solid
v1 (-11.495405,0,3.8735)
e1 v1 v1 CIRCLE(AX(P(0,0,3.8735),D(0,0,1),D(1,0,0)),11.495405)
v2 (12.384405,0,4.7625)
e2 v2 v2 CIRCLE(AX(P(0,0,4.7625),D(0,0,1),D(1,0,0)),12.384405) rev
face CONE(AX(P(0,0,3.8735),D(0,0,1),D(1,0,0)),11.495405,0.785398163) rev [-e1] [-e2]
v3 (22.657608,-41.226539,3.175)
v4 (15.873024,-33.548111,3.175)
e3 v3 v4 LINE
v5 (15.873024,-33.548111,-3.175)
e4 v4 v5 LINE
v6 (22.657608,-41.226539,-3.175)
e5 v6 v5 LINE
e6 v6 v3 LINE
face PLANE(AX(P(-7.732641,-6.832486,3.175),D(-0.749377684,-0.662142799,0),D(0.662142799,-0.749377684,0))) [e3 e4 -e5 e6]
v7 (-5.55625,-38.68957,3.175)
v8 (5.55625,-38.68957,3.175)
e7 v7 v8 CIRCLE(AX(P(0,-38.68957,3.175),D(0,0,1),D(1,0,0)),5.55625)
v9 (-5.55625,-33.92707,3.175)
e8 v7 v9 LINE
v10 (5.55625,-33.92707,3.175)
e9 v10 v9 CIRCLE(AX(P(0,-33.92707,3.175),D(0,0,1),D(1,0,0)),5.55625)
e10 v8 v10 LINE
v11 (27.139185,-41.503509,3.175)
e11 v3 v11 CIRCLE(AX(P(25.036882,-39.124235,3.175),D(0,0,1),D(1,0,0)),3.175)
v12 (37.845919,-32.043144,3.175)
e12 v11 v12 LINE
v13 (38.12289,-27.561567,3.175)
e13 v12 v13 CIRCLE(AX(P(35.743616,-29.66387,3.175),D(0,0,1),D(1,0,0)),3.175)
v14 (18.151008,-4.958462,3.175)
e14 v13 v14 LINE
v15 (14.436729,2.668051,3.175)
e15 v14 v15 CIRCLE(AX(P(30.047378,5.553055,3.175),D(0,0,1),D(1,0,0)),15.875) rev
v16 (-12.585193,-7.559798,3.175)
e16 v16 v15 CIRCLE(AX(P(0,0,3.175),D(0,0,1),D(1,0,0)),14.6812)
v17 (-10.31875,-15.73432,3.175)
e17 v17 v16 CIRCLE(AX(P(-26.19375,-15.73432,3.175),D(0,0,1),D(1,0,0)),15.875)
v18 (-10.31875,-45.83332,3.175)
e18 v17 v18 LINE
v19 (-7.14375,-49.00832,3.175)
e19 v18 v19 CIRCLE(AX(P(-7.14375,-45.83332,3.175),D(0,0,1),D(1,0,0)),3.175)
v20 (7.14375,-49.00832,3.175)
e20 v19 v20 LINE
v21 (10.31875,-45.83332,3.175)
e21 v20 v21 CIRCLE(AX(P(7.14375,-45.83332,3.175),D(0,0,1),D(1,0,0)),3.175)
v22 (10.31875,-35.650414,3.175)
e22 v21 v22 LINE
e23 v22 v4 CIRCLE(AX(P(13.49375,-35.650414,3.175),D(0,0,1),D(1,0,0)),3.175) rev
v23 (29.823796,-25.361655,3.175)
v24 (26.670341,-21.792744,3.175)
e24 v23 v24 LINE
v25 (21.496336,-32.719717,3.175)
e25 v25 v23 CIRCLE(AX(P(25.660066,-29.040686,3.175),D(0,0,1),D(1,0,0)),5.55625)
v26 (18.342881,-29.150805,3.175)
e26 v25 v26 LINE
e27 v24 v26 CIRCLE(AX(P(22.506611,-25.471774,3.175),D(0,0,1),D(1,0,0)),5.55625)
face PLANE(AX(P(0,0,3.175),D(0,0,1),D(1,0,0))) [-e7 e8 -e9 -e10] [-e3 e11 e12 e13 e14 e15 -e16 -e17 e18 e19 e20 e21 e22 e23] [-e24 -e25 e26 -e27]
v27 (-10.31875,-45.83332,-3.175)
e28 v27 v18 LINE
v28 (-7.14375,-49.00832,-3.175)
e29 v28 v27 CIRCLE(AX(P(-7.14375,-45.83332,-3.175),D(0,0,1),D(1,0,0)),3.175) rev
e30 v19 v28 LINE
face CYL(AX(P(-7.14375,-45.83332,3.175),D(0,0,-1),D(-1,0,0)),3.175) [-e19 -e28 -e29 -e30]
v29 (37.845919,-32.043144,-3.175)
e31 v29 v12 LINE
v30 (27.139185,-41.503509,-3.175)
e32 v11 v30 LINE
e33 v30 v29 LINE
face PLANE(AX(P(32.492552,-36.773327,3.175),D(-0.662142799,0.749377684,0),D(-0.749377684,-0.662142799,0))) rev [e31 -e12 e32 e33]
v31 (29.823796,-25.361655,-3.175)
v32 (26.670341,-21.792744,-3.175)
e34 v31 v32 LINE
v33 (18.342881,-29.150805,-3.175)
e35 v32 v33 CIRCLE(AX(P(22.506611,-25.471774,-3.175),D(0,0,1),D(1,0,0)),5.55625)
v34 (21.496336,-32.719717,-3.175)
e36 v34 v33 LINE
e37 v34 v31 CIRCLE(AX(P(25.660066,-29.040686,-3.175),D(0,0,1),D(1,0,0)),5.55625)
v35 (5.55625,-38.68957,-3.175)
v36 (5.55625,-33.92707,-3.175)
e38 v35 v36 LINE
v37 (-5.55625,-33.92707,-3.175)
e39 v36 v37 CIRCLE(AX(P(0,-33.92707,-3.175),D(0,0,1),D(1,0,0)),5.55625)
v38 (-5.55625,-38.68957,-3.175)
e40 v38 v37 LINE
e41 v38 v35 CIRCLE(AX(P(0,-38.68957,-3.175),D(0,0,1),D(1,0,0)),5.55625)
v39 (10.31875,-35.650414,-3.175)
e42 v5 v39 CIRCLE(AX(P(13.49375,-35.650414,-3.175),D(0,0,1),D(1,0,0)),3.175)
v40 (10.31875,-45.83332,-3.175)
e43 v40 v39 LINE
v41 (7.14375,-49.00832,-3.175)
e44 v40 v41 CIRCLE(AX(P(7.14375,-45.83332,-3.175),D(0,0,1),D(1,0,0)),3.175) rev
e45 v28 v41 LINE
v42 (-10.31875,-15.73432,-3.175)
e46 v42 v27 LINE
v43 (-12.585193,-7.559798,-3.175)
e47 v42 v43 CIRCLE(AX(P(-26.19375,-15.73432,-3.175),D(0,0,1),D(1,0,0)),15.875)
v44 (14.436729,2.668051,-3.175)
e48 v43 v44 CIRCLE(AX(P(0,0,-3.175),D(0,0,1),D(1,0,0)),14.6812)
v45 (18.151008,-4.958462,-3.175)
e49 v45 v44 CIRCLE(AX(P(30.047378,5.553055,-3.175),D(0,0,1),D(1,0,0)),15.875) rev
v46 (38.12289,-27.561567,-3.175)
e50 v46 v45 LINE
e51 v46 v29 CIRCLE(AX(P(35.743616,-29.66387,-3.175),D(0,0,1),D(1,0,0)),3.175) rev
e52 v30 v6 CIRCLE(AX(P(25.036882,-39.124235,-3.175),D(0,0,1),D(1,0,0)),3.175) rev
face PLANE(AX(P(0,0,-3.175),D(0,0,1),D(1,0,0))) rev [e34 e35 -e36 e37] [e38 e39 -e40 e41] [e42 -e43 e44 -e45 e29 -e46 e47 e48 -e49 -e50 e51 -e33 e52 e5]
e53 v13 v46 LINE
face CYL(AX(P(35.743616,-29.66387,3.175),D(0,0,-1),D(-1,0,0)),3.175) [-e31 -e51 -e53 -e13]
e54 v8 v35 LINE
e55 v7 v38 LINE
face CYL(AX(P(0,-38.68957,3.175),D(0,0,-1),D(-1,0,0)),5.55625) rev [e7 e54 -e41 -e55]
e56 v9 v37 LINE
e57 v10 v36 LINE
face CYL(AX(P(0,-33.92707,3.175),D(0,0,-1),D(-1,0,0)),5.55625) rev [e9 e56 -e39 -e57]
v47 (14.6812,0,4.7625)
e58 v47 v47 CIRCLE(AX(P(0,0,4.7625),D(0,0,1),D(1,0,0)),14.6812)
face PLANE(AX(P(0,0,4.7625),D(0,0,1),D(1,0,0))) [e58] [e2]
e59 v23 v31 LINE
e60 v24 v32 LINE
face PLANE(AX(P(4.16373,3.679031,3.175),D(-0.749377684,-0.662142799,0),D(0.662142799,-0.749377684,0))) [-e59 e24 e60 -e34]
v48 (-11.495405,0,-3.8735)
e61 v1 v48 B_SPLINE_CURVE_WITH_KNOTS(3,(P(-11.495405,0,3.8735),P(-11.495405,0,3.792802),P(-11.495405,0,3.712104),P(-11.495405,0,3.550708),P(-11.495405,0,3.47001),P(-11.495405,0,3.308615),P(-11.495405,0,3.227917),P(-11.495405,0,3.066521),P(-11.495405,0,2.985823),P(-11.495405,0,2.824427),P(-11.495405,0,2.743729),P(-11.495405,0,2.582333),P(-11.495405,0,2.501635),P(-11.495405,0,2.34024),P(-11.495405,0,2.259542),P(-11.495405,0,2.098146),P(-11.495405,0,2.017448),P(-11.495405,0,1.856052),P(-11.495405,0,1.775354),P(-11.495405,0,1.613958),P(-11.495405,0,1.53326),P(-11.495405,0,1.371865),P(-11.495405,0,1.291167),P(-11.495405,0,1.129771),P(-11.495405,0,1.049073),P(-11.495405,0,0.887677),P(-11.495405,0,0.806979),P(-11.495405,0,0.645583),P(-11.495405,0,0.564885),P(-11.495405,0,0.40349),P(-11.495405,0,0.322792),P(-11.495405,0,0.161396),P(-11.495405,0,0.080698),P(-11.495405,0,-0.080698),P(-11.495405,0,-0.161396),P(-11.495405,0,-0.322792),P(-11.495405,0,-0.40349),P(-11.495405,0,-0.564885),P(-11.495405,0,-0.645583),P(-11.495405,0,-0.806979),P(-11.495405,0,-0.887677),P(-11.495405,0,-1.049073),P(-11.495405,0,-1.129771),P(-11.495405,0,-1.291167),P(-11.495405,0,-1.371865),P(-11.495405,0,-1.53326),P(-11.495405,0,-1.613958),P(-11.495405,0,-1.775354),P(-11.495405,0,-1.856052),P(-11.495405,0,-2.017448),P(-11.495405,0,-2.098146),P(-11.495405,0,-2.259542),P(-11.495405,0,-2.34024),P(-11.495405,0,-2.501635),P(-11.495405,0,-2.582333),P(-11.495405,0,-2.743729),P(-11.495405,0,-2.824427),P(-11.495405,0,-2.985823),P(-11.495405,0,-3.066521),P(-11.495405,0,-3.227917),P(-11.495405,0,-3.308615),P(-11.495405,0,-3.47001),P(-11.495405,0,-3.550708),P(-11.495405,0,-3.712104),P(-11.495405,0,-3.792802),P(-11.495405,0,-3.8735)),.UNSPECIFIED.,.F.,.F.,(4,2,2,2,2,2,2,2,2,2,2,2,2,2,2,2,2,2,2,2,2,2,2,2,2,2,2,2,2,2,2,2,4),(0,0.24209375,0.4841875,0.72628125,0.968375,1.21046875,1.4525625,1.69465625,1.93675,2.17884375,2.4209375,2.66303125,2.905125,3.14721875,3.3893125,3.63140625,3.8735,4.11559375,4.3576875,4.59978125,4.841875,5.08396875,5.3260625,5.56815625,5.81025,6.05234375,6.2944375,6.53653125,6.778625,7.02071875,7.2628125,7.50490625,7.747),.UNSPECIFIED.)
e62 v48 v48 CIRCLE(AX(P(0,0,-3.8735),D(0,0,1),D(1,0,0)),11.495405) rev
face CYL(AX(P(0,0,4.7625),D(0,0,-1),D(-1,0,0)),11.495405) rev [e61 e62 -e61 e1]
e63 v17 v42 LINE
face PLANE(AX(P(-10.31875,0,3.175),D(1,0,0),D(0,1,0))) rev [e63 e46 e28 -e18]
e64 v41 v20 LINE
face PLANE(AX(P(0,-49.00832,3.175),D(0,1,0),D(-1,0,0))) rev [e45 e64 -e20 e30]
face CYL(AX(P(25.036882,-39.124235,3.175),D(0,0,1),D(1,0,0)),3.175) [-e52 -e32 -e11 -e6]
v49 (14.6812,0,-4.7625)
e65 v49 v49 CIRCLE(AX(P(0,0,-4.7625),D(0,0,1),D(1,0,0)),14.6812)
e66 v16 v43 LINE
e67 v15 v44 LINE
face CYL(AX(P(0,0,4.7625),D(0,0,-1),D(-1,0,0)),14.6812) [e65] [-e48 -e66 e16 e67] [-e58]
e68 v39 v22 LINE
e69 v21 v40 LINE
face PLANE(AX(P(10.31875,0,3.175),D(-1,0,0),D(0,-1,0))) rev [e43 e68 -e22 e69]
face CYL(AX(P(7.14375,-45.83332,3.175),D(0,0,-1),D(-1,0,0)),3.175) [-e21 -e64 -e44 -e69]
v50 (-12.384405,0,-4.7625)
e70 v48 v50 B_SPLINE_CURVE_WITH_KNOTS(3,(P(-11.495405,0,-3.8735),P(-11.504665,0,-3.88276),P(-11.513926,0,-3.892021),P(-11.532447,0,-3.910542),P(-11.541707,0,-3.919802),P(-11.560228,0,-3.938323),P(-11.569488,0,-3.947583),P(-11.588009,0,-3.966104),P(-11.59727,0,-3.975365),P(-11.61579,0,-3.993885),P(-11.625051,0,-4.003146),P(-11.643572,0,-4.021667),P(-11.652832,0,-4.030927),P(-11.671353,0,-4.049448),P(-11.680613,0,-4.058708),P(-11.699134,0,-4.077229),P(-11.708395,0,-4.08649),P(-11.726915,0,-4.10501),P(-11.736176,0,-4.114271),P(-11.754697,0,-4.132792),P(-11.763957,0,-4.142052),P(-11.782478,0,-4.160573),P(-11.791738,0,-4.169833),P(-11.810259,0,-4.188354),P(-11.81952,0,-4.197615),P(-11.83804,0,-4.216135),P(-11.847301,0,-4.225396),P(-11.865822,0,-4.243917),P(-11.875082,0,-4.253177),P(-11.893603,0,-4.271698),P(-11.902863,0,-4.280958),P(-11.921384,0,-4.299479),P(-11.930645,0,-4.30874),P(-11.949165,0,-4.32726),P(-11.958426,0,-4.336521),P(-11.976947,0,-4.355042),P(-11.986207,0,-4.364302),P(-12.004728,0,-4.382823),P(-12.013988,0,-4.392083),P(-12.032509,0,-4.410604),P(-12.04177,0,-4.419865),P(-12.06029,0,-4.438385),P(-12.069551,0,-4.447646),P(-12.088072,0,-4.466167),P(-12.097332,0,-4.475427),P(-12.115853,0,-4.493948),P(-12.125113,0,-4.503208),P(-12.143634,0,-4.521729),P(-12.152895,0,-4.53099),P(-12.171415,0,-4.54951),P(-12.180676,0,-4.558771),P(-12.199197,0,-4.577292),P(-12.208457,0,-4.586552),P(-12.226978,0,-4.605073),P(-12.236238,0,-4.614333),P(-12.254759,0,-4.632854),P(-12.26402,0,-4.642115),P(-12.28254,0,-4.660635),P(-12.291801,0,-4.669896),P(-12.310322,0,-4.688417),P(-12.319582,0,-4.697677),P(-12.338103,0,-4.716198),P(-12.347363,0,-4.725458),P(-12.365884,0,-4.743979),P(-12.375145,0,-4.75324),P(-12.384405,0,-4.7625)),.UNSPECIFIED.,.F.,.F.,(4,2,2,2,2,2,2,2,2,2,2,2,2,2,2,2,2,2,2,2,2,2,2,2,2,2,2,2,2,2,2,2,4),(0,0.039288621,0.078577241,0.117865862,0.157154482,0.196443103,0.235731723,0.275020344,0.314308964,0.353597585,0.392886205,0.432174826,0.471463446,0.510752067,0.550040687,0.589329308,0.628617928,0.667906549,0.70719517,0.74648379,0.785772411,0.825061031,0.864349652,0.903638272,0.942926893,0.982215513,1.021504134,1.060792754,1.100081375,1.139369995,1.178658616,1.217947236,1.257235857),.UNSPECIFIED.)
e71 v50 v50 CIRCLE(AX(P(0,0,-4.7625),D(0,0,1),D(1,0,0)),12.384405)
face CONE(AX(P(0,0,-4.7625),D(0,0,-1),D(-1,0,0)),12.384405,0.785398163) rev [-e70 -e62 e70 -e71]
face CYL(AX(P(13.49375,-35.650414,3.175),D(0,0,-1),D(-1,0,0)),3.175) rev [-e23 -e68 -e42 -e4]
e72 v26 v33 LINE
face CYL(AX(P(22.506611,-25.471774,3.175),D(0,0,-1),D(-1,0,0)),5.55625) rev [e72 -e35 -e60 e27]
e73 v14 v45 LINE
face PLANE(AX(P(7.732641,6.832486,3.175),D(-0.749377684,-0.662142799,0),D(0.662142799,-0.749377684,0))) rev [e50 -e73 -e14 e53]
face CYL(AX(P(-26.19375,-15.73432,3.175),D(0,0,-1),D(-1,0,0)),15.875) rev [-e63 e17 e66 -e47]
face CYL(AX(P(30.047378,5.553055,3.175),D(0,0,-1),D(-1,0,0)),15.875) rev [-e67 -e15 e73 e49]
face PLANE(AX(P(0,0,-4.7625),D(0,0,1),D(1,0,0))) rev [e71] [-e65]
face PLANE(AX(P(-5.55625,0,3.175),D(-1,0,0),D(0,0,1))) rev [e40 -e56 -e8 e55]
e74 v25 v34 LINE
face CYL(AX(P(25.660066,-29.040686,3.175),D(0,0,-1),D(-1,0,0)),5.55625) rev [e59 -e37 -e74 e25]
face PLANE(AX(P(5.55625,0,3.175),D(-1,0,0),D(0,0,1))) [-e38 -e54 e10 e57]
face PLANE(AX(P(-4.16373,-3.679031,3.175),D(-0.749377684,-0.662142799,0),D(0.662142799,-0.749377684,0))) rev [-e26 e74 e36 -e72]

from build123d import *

# Parameters (mm, degrees)
SKETCH1_R           = 11.495405
BOSS_EXTRUDE2_DEPTH = 4.7625
BOSS_EXTRUDE3_DEPTH = 3.175
FILLET1_R           = 3.175
CHAMFER1_SIZE       = 0.889


with BuildPart() as part:
    # Sketch1 → Boss-Extrude2 (new, symmetric)
    with BuildSketch(Plane.XY):
        with BuildLine():
            ThreePointArc((14.43672871, 2.668051275), (-5.197044393, 13.730563099), (-12.585193267, -7.559797873))
            ThreePointArc((-12.585193267, -7.559797873), (5.197044393, -13.730563099), (14.43672871, 2.668051275))
        make_face()
        Circle(SKETCH1_R, mode=Mode.SUBTRACT)
    extrude(amount=BOSS_EXTRUDE2_DEPTH, both=True)

    # Sketch1<4> → Boss-Extrude3 (add, symmetric)
    with BuildSketch(Plane.XY):
        with BuildLine():
            ThreePointArc((-12.585193267, -7.559797873), (-10.89585042, -11.492870345), (-10.31875, -15.734319794))
            Line((-10.31875, -15.734319794), (-10.31875, -49.008319794))
            Line((-10.31875, -49.008319794), (10.31875, -49.008319794))
            Line((10.31875, -49.008319794), (10.31875, -27.262081536))
            Line((10.31875, -27.262081536), (24.759911139, -43.605812684))
            Line((24.759911139, -43.605812684), (40.225193096, -29.940840667))
            Line((40.225193096, -29.940840667), (18.15100753, -4.958462121))
            ThreePointArc((18.15100753, -4.958462121), (15.775028495, -1.397891668), (14.43672871, 2.668051275))
            ThreePointArc((14.43672871, 2.668051275), (5.197044393, -13.730563099), (-12.585193267, -7.559797873))
        make_face()
        with BuildLine():
            ThreePointArc((5.55625, -38.689569794), (0, -44.245819794), (-5.55625, -38.689569794))
            Line((-5.55625, -38.689569794), (-5.55625, -33.927069794))
            ThreePointArc((-5.55625, -33.927069794), (0, -28.370819794), (5.55625, -33.927069794))
            Line((5.55625, -33.927069794), (5.55625, -38.689569794))
        make_face(mode=Mode.SUBTRACT)
        with BuildLine():
            ThreePointArc((29.823795866, -25.361654769), (29.339097036, -33.204415455), (21.496336351, -32.719716625))
            Line((21.496336351, -32.719716625), (18.34288127, -29.150805404))
            ThreePointArc((18.34288127, -29.150805404), (18.8275801, -21.308044718), (26.670340785, -21.792743548))
            Line((26.670340785, -21.792743548), (29.823795866, -25.361654769))
        make_face(mode=Mode.SUBTRACT)
    extrude(amount=BOSS_EXTRUDE3_DEPTH, both=True)

    # Fillet1
    fillet1_edges = [part.edges().sort_by_distance(p)[0] for p in [
        (-10.31875, -49.008319794, 0),
        (40.225193096, -29.940840667, 0),
        (10.31875, -27.262081536, 0),
        (24.759911139, -43.605812684, 0),
        (10.31875, -49.008319794, 0),
    ]]
    fillet(fillet1_edges, radius=FILLET1_R)

    # Chamfer1
    chamfer1_edges = [part.edges().sort_by_distance(p)[0] for p in [
        (-11.495405, 0, 4.7625),
        (-11.495405, 0, -4.7625),
    ]]
    chamfer(chamfer1_edges, length=CHAMFER1_SIZE)


solid = part.part
